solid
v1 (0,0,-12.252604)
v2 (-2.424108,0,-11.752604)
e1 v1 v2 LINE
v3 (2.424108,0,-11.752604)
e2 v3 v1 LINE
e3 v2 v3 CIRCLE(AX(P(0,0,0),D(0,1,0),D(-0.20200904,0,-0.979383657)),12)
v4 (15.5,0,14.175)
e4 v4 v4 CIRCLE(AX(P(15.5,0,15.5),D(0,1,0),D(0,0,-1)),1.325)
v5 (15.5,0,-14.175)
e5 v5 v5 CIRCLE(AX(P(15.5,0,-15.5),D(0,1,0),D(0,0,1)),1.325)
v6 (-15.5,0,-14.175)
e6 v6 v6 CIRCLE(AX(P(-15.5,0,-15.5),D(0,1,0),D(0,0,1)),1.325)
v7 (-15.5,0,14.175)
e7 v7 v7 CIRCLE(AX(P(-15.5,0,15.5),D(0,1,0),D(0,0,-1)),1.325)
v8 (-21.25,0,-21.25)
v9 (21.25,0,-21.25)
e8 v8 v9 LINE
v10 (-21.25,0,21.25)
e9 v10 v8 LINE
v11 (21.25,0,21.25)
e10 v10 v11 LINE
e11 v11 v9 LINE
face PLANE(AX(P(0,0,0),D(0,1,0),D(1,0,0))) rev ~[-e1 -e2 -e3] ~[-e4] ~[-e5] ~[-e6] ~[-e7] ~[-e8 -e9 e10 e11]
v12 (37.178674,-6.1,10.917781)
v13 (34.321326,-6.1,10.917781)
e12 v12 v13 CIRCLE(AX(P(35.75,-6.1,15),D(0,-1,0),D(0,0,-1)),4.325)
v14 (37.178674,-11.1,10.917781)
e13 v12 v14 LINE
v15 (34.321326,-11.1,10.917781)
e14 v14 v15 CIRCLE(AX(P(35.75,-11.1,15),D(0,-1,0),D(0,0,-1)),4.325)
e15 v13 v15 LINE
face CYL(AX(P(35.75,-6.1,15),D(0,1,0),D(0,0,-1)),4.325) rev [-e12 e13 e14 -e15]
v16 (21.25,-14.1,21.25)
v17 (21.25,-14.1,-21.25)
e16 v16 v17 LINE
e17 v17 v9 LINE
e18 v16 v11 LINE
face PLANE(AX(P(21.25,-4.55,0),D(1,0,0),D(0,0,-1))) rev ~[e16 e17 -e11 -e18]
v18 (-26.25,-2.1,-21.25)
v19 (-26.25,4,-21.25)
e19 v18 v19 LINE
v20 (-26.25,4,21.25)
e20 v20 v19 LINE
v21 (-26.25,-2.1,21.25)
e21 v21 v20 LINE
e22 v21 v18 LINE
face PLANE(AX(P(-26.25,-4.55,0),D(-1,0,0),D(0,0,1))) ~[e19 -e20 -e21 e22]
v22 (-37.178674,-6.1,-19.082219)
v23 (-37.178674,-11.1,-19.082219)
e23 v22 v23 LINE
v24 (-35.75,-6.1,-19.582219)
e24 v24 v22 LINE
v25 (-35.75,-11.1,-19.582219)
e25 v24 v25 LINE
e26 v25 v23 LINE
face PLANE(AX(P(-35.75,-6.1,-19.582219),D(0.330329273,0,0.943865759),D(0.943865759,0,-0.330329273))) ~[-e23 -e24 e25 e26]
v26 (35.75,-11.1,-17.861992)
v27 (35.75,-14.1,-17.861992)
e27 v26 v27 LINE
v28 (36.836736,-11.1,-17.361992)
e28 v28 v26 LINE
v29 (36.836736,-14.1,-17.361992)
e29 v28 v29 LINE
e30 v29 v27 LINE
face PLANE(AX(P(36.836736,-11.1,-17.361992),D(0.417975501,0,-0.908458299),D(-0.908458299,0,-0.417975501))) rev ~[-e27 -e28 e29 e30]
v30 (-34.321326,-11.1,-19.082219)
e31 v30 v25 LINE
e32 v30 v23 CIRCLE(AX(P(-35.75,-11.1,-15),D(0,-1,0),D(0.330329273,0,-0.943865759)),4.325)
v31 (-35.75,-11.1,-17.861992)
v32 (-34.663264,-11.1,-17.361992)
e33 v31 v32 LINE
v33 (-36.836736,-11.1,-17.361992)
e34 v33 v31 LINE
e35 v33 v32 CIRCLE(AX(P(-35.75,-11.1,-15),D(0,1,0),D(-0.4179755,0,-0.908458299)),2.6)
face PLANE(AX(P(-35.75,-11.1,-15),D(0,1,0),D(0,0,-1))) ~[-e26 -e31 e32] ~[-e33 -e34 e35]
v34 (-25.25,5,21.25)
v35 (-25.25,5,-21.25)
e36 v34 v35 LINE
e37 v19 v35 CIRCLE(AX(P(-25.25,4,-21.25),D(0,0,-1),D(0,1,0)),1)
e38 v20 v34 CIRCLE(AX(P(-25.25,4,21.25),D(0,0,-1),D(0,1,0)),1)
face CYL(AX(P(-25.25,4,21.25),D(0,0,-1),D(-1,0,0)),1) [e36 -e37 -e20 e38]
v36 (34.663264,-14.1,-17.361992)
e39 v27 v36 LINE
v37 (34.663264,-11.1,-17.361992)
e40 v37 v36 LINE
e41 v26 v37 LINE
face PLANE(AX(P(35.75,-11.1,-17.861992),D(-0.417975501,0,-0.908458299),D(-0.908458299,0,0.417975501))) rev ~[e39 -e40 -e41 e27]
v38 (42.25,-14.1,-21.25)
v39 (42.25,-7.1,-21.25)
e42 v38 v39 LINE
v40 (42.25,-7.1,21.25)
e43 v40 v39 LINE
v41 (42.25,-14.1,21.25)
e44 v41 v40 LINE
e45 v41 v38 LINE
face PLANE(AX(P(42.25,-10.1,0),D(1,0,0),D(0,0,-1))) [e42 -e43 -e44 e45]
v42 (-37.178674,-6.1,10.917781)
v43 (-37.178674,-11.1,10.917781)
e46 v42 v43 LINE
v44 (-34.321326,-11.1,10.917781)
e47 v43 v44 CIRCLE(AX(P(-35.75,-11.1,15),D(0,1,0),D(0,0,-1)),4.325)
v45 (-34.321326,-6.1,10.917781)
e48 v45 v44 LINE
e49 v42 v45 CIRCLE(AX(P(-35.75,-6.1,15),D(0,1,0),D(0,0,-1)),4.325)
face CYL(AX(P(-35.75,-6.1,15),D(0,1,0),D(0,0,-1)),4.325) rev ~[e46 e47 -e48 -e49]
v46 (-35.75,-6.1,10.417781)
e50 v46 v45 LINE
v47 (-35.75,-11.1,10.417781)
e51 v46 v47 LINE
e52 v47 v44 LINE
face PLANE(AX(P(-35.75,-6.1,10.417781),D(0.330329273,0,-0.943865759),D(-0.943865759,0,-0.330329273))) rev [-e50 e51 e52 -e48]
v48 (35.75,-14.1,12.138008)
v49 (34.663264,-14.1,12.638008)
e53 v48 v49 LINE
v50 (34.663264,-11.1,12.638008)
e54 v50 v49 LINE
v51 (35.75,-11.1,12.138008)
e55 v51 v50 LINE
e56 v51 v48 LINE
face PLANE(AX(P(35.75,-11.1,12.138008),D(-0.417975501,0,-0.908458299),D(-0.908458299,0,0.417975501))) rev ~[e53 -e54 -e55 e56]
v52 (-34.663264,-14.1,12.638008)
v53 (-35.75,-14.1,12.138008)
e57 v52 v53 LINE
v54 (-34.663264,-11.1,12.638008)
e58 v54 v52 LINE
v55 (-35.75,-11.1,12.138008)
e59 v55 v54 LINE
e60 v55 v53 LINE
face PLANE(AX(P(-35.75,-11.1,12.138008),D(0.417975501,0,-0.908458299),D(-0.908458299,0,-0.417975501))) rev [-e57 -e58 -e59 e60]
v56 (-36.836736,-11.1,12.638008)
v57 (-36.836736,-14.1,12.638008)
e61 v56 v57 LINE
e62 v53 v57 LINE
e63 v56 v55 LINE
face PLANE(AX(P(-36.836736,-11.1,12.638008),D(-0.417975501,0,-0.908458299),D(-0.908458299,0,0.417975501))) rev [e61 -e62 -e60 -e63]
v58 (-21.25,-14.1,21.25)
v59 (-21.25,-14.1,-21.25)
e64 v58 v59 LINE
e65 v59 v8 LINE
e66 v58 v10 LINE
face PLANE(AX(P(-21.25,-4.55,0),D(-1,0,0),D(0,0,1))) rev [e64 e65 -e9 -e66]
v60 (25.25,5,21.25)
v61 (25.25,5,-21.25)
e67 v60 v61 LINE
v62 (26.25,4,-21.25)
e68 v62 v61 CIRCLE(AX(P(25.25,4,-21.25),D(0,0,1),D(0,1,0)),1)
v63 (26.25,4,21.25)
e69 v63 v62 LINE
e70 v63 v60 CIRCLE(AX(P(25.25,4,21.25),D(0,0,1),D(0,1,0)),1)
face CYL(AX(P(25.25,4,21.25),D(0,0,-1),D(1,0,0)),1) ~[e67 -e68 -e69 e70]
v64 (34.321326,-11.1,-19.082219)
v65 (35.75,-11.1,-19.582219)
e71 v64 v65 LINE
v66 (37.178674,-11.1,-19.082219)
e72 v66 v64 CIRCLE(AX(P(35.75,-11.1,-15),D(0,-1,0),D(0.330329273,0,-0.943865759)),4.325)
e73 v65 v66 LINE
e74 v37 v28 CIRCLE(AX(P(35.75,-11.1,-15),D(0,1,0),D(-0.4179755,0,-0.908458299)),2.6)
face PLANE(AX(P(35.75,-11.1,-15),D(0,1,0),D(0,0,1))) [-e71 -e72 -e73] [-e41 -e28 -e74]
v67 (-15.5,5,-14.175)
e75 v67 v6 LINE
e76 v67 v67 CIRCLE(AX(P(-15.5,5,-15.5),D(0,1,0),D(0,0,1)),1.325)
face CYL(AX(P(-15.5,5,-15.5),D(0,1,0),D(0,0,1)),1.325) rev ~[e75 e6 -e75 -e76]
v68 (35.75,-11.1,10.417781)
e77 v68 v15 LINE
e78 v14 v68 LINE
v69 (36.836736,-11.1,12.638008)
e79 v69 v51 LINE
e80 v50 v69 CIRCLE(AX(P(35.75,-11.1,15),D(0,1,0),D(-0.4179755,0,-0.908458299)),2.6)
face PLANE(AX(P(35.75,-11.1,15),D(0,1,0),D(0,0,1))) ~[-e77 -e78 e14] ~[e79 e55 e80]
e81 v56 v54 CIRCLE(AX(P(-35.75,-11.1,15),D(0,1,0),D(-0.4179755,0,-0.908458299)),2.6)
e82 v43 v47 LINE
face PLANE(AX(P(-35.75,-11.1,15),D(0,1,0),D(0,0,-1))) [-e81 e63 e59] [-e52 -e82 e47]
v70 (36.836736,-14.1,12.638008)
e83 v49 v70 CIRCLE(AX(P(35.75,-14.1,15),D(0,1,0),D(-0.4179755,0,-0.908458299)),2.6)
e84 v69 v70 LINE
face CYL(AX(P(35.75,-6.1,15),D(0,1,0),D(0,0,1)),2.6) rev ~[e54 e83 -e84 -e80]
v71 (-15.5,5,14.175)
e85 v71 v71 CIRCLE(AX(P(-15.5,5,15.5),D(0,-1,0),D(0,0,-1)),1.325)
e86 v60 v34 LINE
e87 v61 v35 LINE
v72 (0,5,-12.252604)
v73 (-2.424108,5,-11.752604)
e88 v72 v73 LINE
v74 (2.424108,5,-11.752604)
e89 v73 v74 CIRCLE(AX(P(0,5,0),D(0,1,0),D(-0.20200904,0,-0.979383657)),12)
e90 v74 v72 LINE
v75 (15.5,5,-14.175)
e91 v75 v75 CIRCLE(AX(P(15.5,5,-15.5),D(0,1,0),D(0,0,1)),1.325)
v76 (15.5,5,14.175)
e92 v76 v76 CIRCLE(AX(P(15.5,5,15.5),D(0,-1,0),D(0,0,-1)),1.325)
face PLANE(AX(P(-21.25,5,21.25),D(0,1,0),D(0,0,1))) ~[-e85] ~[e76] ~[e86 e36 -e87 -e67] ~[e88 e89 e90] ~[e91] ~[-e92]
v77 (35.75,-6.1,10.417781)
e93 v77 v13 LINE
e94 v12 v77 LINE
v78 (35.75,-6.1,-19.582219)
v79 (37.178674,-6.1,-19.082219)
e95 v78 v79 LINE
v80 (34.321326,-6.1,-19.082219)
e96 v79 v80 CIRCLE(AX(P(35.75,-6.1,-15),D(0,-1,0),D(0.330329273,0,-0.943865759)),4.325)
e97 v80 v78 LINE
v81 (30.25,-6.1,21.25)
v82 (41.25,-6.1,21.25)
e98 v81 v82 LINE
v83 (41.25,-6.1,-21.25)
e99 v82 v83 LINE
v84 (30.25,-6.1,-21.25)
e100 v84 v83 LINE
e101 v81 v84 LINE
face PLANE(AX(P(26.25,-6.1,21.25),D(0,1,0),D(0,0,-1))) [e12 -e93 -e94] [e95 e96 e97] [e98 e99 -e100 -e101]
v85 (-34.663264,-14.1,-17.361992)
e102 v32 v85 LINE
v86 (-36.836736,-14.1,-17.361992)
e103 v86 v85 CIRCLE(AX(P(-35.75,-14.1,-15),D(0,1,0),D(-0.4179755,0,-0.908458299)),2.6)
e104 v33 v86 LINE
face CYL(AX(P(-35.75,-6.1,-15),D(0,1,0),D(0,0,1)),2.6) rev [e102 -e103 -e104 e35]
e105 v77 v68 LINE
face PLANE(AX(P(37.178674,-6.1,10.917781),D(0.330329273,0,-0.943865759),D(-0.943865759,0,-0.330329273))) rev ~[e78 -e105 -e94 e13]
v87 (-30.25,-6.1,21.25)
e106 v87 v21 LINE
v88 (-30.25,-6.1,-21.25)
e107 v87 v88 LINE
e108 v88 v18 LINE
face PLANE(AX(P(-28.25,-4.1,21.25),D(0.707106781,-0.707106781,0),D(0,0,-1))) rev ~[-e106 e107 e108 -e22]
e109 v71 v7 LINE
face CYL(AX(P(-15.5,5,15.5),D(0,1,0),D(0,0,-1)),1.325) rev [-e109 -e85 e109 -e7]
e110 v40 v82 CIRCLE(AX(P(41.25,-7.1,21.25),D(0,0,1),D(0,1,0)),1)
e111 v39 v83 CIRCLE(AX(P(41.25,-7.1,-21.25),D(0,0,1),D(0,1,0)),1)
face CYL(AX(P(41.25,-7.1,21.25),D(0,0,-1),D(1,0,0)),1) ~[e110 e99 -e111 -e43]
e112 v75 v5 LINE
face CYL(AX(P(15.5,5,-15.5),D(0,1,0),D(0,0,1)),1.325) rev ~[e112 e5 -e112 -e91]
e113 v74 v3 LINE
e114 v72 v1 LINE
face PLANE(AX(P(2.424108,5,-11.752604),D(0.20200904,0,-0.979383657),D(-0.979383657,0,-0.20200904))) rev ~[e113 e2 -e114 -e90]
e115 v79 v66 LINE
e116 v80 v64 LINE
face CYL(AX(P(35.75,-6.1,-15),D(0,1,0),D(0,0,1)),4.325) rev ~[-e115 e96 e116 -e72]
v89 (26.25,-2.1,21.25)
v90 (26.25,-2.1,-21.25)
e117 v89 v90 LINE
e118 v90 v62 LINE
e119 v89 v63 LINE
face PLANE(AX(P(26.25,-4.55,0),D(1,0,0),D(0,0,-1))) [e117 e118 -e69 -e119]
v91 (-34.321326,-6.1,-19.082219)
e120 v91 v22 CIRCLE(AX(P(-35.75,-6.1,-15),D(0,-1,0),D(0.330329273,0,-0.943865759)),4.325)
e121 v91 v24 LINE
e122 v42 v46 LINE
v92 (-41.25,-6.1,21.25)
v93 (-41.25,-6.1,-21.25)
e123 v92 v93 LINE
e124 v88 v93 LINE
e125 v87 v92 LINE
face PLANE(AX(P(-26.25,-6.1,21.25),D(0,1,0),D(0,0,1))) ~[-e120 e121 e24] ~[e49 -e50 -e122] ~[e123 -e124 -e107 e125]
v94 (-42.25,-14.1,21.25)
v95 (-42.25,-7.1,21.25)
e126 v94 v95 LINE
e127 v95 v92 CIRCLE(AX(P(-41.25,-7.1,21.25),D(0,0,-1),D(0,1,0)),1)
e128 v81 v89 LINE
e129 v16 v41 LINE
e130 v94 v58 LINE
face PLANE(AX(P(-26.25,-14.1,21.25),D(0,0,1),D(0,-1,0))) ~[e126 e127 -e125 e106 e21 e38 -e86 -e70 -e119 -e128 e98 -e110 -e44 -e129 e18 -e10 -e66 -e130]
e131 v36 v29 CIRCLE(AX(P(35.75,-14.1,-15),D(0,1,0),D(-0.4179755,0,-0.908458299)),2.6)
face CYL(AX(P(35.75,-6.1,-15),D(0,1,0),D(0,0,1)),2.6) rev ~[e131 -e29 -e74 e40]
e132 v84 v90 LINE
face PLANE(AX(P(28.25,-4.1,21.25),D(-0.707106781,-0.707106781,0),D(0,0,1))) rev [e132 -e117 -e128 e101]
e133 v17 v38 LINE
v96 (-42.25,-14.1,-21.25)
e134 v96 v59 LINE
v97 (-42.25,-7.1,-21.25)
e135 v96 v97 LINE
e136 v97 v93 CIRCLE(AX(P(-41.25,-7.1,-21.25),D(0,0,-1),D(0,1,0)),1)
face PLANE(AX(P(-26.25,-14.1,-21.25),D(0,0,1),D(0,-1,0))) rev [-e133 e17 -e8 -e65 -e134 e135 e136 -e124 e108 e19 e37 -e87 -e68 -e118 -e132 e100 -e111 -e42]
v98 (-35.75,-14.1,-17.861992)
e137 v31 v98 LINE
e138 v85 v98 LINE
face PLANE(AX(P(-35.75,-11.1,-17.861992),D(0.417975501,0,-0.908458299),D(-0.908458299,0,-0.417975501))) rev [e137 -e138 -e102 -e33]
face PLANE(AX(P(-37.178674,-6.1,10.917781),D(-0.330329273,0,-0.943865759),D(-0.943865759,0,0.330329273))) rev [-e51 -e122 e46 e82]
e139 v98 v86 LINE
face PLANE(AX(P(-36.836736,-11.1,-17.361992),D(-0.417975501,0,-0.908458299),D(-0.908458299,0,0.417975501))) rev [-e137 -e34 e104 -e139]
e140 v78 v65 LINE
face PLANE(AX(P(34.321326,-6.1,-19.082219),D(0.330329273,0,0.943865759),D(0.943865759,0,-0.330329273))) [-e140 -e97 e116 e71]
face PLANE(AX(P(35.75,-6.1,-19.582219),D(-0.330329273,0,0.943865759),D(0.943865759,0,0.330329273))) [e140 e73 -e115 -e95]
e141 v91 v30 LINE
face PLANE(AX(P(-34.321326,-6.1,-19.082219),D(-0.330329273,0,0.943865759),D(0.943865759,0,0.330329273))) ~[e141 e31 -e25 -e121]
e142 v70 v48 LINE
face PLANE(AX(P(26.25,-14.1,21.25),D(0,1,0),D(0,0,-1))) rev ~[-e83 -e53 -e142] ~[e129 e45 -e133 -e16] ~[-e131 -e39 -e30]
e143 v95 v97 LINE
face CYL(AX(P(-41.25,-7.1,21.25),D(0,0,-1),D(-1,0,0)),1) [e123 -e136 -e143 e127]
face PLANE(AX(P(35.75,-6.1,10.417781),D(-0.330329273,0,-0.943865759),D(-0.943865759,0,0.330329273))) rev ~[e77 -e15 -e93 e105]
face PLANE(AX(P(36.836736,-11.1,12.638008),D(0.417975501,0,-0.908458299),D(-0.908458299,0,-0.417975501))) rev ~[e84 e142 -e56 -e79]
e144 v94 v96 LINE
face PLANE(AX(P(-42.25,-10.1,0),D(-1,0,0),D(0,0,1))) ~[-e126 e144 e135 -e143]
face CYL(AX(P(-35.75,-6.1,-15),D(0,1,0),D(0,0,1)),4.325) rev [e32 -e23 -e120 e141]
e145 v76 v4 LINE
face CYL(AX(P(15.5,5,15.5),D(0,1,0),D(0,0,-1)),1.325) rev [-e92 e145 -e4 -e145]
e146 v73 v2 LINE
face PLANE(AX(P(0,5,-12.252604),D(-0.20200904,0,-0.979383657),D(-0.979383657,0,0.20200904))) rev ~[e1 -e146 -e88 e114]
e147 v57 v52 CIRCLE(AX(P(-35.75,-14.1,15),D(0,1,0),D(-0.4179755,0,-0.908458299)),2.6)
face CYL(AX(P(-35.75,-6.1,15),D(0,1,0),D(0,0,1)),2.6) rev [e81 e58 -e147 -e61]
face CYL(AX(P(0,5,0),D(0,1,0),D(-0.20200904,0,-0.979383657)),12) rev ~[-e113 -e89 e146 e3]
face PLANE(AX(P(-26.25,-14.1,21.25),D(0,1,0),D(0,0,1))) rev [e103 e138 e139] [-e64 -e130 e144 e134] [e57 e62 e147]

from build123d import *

# Parameters (mm, degrees)
ESQUISSE1_W                  = 42.5
ESQUISSE1_H                  = 42.5
BOSS_EXTRU_1_DEPTH           = 5
ESQUISSE2_R                  = 1.325
ENL_V_MAT_EXTRU_1_DEPTH      = 31.465144017
ENL_V_MAT_EXTRU_2_DEPTH      = 31.465144017
ESQUISSE4_W                  = 42.5
ESQUISSE4_H                  = 19.1
BOSS_EXTRU_2_DEPTH           = 5
ESQUISSE5_W                  = 42.5
ESQUISSE5_H                  = 8
BOSS_EXTRU_3_DEPTH           = 16
ESQUISSE7_R                  = 2.6
ENL_V_MAT_EXTRU_3_DEPTH      = 49.578132941
CONG_2_R                     = 1
CHANFREIN1_SIZE              = 4
CONG_2_OF_SYM_TRIE3_R        = 1
CHANFREIN1_OF_SYM_TRIE3_SIZE = 4
ESQUISSE11_R                 = 4.325
ENL_V_MAT_EXTRU_4_DEPTH      = 5
ENL_V_MAT_EXTRU_5_DEPTH      = 5
ENL_V_MAT_EXTRU_6_DEPTH      = 50.958332638
ENL_V_MAT_EXTRU_7_DEPTH      = 50.958332638
ENL_V_MAT_EXTRU_8_DEPTH      = 5
SYM_TRIE5_COPY_1_SKETCH_R    = 4.325
SYM_TRIE5_COPY_1_DEPTH       = 5


with BuildPart() as part:
    # Esquisse1 → Boss.-Extru.1 (new body)
    with BuildSketch(Plane(origin=(0, 0, 0), x_dir=(1, 0, 0), z_dir=(0, 1, 0))):
        Rectangle(ESQUISSE1_W, ESQUISSE1_H)
    extrude(amount=BOSS_EXTRU_1_DEPTH)

    # Esquisse2 → Enlèv. mat.-Extru.1 (cut, through all)
    with BuildSketch(Plane(origin=(0, 5, 0), x_dir=(1, 0, 0), z_dir=(0, 1, 0))):
        with Locations(Location((-15.5, 15.5, 0), (0, 0, 270))):
            Circle(ESQUISSE2_R)
        with Locations(Location((15.5, 15.5, 0), (0, 0, 270))):
            Circle(ESQUISSE2_R)
    enl_v_mat_extru_1 = extrude(amount=-ENL_V_MAT_EXTRU_1_DEPTH, mode=Mode.SUBTRACT)

    # Symétrie1: Enlèv. mat.-Extru.1 across plane
    add(enl_v_mat_extru_1.mirror(Plane.XY), mode=Mode.SUBTRACT)

    # Esquisse3 → Enlèv. mat.-Extru.2 (cut, through all)
    with BuildSketch(Plane(origin=(0, 5, 0), x_dir=(1, 0, 0), z_dir=(0, 1, 0))):
        with BuildLine():
            Line((2.424108484, 11.752603884), (0, 12.252603884))
            Line((0, 12.252603884), (-2.424108484, 11.752603884))
            ThreePointArc((-2.424108484, 11.752603884), (0, -12), (2.424108484, 11.752603884))
        make_face()
    extrude(amount=-ENL_V_MAT_EXTRU_2_DEPTH, mode=Mode.SUBTRACT)

    # Esquisse4 → Boss.-Extru.2 (add)
    with BuildSketch(Plane(origin=(21.25, 0, 0), x_dir=(0, 0, -1), z_dir=(1, 0, 0))):
        with Locations((0, -4.55)):
            Rectangle(ESQUISSE4_W, ESQUISSE4_H)
    boss_extru_2 = extrude(amount=BOSS_EXTRU_2_DEPTH)

    # Esquisse5 → Boss.-Extru.3 (add)
    with BuildSketch(Plane(origin=(26.25, 0, 0), x_dir=(0, 0, -1), z_dir=(1, 0, 0))):
        with Locations((0, -10.1)):
            Rectangle(ESQUISSE5_W, ESQUISSE5_H)
    boss_extru_3 = extrude(amount=BOSS_EXTRU_3_DEPTH)

    # Esquisse7 → Enlèv. mat.-Extru.3 (cut, through all)
    with BuildSketch(Plane(origin=(0, -6.1, 0), x_dir=(1, 0, 0), z_dir=(0, 1, 0))):
        with Locations(Location((35.75, 15, 0), (0, 0, 270))):
            Circle(ESQUISSE7_R)
        with Locations(Location((35.75, -15, 0), (0, 0, 270))):
            Circle(ESQUISSE7_R)
    enl_v_mat_extru_3 = extrude(amount=-ENL_V_MAT_EXTRU_3_DEPTH, mode=Mode.SUBTRACT)

    # Congé2
    cong_2_edges = [part.edges().sort_by_distance(p)[0] for p in [
        (26.25, 5, 0),
        (42.25, -6.1, 0),
    ]]
    fillet(cong_2_edges, radius=CONG_2_R)

    # Chanfrein1
    chanfrein1_edges = [part.edges().sort_by_distance(p)[0] for p in [
        (26.25, -6.1, 0),
    ]]
    chamfer(chanfrein1_edges, length=CHANFREIN1_SIZE)

    # Symétrie3: Boss.-Extru.2, Boss.-Extru.3, Enlèv. mat.-Extru.3 across plane
    add(boss_extru_2.mirror(Plane(origin=(0, 0, 0), x_dir=(0, 0, 1), z_dir=(1, 0, 0))))
    add(boss_extru_3.mirror(Plane(origin=(0, 0, 0), x_dir=(0, 0, 1), z_dir=(1, 0, 0))))
    add(enl_v_mat_extru_3.mirror(Plane(origin=(0, 0, 0), x_dir=(0, 0, 1), z_dir=(1, 0, 0))), mode=Mode.SUBTRACT)

    # Congé2 of Symétrie3
    cong_2_of_sym_trie3_edges = [part.edges().sort_by_distance(p)[0] for p in [
        (-26.25, 5, 0),
        (-42.25, -6.1, 0),
    ]]
    fillet(cong_2_of_sym_trie3_edges, radius=CONG_2_OF_SYM_TRIE3_R)

    # Chanfrein1 of Symétrie3
    chanfrein1_of_sym_trie3_edges = [part.edges().sort_by_distance(p)[0] for p in [
        (-26.25, -6.1, 0),
    ]]
    chamfer(chanfrein1_of_sym_trie3_edges, length=CHANFREIN1_OF_SYM_TRIE3_SIZE)

    # Esquisse11 → Enlèv. mat.-Extru.4 (cut)
    with BuildSketch(Plane(origin=(0, -6.1, 0), x_dir=(1, 0, 0), z_dir=(0, 1, 0))):
        with Locations(Location((35.75, 15, 0), (0, 0, 270))):
            Circle(ESQUISSE11_R)
    enl_v_mat_extru_4 = extrude(amount=-ENL_V_MAT_EXTRU_4_DEPTH, mode=Mode.SUBTRACT)

    # Symétrie4: Enlèv. mat.-Extru.4 across plane
    add(enl_v_mat_extru_4.mirror(Plane.XY), mode=Mode.SUBTRACT)

    # Esquisse12 → Enlèv. mat.-Extru.5 (cut)
    with BuildSketch(Plane(origin=(0, -6.1, 0), x_dir=(1, 0, 0), z_dir=(0, 1, 0))):
        Polygon((37.178674107, 19.082219408), (34.321325893, 19.082219408), (35.75, 19.582219408), align=None)
    enl_v_mat_extru_5 = extrude(amount=-ENL_V_MAT_EXTRU_5_DEPTH, mode=Mode.SUBTRACT)

    # Esquisse13 → Enlèv. mat.-Extru.6 (cut, through all)
    with BuildSketch(Plane(origin=(0, -11.1, 0), x_dir=(1, 0, 0), z_dir=(0, 1, 0))):
        Polygon((34.663263699, 17.361991577), (36.836736301, 17.361991577), (35.75, 17.861991577), align=None)
    enl_v_mat_extru_6 = extrude(amount=-ENL_V_MAT_EXTRU_6_DEPTH, mode=Mode.SUBTRACT)

    # Esquisse14 → Enlèv. mat.-Extru.7 (cut, through all)
    with BuildSketch(Plane(origin=(0, -11.1, 0), x_dir=(1, 0, 0), z_dir=(0, 1, 0))):
        Polygon((36.836736301, -12.638008423), (35.75, -12.138008423), (34.663263699, -12.638008423), align=None)
    enl_v_mat_extru_7 = extrude(amount=-ENL_V_MAT_EXTRU_7_DEPTH, mode=Mode.SUBTRACT)

    # Esquisse15 → Enlèv. mat.-Extru.8 (cut)
    with BuildSketch(Plane(origin=(0, -6.1, 0), x_dir=(1, 0, 0), z_dir=(0, 1, 0))):
        Polygon((34.321325893, -10.917780592), (37.178674107, -10.917780592), (35.75, -10.417780592), align=None)
    enl_v_mat_extru_8 = extrude(amount=-ENL_V_MAT_EXTRU_8_DEPTH, mode=Mode.SUBTRACT)

    # Symétrie5: Enlèv. mat.-Extru.4, Enlèv. mat.-Extru.5, Enlèv. mat.-Extru.6, Enlèv. mat.-Extru.7, Enlèv. mat.-Extru.8 across plane
    add(enl_v_mat_extru_4.mirror(Plane(origin=(0, 0, 0), x_dir=(0, 0, 1), z_dir=(1, 0, 0))), mode=Mode.SUBTRACT)
    add(enl_v_mat_extru_5.mirror(Plane(origin=(0, 0, 0), x_dir=(0, 0, 1), z_dir=(1, 0, 0))), mode=Mode.SUBTRACT)
    add(enl_v_mat_extru_6.mirror(Plane(origin=(0, 0, 0), x_dir=(0, 0, 1), z_dir=(1, 0, 0))), mode=Mode.SUBTRACT)
    add(enl_v_mat_extru_7.mirror(Plane(origin=(0, 0, 0), x_dir=(0, 0, 1), z_dir=(1, 0, 0))), mode=Mode.SUBTRACT)
    add(enl_v_mat_extru_8.mirror(Plane(origin=(0, 0, 0), x_dir=(0, 0, 1), z_dir=(1, 0, 0))), mode=Mode.SUBTRACT)

    # Symétrie5 copy 1 sketch → Symétrie5 copy 1 (cut)
    with BuildSketch(Plane(origin=(0, -6.1, 0), x_dir=(-1, 0, 0), z_dir=(0, 1, 0))):
        with Locations(Location((35.75, 15, 0), (0, 0, 270))):
            Circle(SYM_TRIE5_COPY_1_SKETCH_R)
    extrude(amount=-SYM_TRIE5_COPY_1_DEPTH, mode=Mode.SUBTRACT)


solid = part.part
